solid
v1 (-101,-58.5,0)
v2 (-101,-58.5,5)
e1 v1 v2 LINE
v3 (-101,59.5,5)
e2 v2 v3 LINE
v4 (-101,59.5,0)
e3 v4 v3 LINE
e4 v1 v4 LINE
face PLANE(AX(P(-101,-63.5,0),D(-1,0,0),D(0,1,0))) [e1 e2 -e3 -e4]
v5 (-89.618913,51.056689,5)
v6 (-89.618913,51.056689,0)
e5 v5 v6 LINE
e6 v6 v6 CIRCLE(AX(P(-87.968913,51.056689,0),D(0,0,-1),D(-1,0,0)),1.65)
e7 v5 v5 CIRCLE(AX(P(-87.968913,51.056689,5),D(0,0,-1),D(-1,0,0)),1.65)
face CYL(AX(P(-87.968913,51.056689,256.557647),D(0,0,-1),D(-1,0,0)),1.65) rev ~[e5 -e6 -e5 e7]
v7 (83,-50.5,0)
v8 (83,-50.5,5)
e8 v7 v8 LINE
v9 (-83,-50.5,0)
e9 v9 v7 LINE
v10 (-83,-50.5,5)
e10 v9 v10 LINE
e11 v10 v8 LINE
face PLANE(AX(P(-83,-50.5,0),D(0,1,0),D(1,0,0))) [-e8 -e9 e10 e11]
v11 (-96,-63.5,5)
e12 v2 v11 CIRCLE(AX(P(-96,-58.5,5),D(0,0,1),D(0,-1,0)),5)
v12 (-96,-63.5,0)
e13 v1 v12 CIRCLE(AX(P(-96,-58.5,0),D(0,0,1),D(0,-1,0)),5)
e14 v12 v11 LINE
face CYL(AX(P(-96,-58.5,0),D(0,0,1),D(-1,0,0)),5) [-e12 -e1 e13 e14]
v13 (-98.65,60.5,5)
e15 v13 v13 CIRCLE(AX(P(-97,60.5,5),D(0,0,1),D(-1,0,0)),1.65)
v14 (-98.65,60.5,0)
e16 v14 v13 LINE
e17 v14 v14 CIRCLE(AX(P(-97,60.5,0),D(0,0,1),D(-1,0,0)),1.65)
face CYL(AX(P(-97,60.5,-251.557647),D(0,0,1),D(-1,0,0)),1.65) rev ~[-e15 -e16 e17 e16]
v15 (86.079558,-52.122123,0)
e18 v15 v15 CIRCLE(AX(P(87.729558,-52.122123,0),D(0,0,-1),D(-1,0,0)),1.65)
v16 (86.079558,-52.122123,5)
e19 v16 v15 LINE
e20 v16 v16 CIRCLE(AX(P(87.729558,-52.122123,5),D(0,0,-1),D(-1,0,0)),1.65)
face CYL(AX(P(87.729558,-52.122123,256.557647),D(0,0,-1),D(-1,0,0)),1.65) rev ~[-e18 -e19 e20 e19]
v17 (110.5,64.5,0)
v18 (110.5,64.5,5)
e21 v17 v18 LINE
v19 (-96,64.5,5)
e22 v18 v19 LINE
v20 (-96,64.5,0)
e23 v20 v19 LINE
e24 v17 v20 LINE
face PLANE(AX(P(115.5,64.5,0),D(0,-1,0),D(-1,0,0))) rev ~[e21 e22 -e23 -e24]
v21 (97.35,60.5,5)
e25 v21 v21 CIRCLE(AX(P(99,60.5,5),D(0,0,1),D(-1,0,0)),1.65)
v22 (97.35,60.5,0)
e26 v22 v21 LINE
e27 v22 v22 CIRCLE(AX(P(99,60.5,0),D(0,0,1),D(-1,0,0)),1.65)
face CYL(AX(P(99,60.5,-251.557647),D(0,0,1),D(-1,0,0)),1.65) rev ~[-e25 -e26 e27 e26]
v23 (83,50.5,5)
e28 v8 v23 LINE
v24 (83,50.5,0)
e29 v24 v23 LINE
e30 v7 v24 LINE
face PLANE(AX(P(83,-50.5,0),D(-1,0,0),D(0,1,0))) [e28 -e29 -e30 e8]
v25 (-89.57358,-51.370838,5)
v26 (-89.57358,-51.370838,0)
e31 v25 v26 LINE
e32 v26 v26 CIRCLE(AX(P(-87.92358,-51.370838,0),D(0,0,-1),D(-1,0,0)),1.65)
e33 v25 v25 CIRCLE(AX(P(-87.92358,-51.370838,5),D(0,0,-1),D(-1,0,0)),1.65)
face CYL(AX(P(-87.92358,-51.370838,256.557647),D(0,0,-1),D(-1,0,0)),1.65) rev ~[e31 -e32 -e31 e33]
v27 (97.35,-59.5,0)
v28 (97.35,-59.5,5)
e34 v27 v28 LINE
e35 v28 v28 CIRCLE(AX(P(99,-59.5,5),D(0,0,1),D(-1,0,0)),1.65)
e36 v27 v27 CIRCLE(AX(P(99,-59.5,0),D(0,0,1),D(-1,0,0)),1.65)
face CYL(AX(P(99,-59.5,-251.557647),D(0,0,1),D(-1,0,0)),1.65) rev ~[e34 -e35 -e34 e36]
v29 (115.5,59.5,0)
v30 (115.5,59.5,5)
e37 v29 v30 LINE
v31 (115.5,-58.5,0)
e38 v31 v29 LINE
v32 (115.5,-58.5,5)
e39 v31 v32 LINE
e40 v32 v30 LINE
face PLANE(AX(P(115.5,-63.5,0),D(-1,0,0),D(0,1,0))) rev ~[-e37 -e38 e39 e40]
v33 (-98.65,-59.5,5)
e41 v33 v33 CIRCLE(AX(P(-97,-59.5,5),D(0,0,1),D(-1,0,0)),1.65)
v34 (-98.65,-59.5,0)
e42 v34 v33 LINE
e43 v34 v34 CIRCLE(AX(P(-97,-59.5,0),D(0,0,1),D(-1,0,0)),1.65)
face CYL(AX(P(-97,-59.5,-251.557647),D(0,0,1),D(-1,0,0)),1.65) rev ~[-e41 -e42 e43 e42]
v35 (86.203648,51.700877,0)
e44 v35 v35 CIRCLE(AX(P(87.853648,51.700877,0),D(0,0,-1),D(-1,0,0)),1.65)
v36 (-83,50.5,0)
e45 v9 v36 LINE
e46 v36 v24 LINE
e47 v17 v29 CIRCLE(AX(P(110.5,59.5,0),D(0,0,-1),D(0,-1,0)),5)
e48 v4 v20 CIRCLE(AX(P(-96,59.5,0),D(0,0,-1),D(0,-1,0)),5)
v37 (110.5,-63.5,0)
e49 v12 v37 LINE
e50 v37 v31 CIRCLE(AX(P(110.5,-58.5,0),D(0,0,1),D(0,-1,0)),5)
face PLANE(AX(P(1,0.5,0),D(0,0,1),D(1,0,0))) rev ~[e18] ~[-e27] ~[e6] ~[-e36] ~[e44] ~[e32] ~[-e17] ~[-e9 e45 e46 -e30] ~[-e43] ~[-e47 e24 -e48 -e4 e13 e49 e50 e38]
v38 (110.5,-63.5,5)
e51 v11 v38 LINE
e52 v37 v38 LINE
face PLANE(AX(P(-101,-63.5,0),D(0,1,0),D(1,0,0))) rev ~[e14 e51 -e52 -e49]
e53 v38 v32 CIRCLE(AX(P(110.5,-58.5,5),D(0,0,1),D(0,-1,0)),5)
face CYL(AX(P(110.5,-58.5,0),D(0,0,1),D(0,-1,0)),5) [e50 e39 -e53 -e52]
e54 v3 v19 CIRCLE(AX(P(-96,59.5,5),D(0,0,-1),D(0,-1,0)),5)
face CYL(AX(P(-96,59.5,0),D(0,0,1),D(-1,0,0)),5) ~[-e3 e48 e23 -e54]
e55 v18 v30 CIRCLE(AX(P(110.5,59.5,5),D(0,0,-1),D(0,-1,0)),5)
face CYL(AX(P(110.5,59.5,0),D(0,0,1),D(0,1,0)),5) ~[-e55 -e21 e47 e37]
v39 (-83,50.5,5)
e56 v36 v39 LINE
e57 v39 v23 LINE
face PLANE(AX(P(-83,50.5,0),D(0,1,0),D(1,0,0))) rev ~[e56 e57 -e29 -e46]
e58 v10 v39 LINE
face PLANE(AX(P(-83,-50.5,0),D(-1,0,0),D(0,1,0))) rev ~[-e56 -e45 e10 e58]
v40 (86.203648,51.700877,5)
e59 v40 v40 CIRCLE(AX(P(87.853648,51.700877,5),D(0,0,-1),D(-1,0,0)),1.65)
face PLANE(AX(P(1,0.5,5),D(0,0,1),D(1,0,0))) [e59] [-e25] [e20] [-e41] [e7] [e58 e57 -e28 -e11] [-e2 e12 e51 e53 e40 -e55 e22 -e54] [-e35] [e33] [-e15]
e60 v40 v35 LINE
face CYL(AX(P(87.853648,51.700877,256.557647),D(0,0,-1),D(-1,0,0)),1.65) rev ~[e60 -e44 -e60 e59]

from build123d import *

# Parameters (mm, degrees)
F0_W     = 204
F0_H     = 128
F0_W_2   = 166
F0_H_2   = 101
F0_W_3   = 12.5
F1_DEPTH = 5
F2_D     = 3.3
F4_D     = 3.3
F5_R     = 5


with BuildPart() as f1:
    # F0 (on Top) → F1 (new body)
    with BuildSketch(Plane.XY):
        with Locations((1, 0.5)):
            Rectangle(F0_W, F0_H)
        Rectangle(F0_W_2, F0_H_2, mode=Mode.SUBTRACT)
        with Locations((109.25, 0.5)):
            Rectangle(F0_W_3, F0_H)
    extrude(amount=F1_DEPTH)

    # F2 (through all)
    with Locations(Plane(origin=(0, 0, 0), x_dir=(1, 0, 0), z_dir=(0, 0, -1))):
        with Locations((-97, -60.5), (99, -60.5), (99, 59.5), (-97, 59.5)):
            Hole(F2_D / 2)

    # F4 (through all)
    with Locations(Plane.XY.offset(5)):
        with Locations((-87.9689130953, 51.0566890079), (87.853647545, 51.7008769748), (87.7295576794, -52.1221233483), (-87.9235801444, -51.3708378505)):
            Hole(F4_D / 2)

    # F5
    f5_edges = [f1.edges().sort_by_distance(p)[0] for p in [
        (-101, 64.5, 2.5),
        (115.5, 64.5, 2.5),
        (115.5, -63.5, 2.5),
        (-101, -63.5, 2.5),
    ]]
    fillet(f5_edges, radius=F5_R)


solid = f1.part
